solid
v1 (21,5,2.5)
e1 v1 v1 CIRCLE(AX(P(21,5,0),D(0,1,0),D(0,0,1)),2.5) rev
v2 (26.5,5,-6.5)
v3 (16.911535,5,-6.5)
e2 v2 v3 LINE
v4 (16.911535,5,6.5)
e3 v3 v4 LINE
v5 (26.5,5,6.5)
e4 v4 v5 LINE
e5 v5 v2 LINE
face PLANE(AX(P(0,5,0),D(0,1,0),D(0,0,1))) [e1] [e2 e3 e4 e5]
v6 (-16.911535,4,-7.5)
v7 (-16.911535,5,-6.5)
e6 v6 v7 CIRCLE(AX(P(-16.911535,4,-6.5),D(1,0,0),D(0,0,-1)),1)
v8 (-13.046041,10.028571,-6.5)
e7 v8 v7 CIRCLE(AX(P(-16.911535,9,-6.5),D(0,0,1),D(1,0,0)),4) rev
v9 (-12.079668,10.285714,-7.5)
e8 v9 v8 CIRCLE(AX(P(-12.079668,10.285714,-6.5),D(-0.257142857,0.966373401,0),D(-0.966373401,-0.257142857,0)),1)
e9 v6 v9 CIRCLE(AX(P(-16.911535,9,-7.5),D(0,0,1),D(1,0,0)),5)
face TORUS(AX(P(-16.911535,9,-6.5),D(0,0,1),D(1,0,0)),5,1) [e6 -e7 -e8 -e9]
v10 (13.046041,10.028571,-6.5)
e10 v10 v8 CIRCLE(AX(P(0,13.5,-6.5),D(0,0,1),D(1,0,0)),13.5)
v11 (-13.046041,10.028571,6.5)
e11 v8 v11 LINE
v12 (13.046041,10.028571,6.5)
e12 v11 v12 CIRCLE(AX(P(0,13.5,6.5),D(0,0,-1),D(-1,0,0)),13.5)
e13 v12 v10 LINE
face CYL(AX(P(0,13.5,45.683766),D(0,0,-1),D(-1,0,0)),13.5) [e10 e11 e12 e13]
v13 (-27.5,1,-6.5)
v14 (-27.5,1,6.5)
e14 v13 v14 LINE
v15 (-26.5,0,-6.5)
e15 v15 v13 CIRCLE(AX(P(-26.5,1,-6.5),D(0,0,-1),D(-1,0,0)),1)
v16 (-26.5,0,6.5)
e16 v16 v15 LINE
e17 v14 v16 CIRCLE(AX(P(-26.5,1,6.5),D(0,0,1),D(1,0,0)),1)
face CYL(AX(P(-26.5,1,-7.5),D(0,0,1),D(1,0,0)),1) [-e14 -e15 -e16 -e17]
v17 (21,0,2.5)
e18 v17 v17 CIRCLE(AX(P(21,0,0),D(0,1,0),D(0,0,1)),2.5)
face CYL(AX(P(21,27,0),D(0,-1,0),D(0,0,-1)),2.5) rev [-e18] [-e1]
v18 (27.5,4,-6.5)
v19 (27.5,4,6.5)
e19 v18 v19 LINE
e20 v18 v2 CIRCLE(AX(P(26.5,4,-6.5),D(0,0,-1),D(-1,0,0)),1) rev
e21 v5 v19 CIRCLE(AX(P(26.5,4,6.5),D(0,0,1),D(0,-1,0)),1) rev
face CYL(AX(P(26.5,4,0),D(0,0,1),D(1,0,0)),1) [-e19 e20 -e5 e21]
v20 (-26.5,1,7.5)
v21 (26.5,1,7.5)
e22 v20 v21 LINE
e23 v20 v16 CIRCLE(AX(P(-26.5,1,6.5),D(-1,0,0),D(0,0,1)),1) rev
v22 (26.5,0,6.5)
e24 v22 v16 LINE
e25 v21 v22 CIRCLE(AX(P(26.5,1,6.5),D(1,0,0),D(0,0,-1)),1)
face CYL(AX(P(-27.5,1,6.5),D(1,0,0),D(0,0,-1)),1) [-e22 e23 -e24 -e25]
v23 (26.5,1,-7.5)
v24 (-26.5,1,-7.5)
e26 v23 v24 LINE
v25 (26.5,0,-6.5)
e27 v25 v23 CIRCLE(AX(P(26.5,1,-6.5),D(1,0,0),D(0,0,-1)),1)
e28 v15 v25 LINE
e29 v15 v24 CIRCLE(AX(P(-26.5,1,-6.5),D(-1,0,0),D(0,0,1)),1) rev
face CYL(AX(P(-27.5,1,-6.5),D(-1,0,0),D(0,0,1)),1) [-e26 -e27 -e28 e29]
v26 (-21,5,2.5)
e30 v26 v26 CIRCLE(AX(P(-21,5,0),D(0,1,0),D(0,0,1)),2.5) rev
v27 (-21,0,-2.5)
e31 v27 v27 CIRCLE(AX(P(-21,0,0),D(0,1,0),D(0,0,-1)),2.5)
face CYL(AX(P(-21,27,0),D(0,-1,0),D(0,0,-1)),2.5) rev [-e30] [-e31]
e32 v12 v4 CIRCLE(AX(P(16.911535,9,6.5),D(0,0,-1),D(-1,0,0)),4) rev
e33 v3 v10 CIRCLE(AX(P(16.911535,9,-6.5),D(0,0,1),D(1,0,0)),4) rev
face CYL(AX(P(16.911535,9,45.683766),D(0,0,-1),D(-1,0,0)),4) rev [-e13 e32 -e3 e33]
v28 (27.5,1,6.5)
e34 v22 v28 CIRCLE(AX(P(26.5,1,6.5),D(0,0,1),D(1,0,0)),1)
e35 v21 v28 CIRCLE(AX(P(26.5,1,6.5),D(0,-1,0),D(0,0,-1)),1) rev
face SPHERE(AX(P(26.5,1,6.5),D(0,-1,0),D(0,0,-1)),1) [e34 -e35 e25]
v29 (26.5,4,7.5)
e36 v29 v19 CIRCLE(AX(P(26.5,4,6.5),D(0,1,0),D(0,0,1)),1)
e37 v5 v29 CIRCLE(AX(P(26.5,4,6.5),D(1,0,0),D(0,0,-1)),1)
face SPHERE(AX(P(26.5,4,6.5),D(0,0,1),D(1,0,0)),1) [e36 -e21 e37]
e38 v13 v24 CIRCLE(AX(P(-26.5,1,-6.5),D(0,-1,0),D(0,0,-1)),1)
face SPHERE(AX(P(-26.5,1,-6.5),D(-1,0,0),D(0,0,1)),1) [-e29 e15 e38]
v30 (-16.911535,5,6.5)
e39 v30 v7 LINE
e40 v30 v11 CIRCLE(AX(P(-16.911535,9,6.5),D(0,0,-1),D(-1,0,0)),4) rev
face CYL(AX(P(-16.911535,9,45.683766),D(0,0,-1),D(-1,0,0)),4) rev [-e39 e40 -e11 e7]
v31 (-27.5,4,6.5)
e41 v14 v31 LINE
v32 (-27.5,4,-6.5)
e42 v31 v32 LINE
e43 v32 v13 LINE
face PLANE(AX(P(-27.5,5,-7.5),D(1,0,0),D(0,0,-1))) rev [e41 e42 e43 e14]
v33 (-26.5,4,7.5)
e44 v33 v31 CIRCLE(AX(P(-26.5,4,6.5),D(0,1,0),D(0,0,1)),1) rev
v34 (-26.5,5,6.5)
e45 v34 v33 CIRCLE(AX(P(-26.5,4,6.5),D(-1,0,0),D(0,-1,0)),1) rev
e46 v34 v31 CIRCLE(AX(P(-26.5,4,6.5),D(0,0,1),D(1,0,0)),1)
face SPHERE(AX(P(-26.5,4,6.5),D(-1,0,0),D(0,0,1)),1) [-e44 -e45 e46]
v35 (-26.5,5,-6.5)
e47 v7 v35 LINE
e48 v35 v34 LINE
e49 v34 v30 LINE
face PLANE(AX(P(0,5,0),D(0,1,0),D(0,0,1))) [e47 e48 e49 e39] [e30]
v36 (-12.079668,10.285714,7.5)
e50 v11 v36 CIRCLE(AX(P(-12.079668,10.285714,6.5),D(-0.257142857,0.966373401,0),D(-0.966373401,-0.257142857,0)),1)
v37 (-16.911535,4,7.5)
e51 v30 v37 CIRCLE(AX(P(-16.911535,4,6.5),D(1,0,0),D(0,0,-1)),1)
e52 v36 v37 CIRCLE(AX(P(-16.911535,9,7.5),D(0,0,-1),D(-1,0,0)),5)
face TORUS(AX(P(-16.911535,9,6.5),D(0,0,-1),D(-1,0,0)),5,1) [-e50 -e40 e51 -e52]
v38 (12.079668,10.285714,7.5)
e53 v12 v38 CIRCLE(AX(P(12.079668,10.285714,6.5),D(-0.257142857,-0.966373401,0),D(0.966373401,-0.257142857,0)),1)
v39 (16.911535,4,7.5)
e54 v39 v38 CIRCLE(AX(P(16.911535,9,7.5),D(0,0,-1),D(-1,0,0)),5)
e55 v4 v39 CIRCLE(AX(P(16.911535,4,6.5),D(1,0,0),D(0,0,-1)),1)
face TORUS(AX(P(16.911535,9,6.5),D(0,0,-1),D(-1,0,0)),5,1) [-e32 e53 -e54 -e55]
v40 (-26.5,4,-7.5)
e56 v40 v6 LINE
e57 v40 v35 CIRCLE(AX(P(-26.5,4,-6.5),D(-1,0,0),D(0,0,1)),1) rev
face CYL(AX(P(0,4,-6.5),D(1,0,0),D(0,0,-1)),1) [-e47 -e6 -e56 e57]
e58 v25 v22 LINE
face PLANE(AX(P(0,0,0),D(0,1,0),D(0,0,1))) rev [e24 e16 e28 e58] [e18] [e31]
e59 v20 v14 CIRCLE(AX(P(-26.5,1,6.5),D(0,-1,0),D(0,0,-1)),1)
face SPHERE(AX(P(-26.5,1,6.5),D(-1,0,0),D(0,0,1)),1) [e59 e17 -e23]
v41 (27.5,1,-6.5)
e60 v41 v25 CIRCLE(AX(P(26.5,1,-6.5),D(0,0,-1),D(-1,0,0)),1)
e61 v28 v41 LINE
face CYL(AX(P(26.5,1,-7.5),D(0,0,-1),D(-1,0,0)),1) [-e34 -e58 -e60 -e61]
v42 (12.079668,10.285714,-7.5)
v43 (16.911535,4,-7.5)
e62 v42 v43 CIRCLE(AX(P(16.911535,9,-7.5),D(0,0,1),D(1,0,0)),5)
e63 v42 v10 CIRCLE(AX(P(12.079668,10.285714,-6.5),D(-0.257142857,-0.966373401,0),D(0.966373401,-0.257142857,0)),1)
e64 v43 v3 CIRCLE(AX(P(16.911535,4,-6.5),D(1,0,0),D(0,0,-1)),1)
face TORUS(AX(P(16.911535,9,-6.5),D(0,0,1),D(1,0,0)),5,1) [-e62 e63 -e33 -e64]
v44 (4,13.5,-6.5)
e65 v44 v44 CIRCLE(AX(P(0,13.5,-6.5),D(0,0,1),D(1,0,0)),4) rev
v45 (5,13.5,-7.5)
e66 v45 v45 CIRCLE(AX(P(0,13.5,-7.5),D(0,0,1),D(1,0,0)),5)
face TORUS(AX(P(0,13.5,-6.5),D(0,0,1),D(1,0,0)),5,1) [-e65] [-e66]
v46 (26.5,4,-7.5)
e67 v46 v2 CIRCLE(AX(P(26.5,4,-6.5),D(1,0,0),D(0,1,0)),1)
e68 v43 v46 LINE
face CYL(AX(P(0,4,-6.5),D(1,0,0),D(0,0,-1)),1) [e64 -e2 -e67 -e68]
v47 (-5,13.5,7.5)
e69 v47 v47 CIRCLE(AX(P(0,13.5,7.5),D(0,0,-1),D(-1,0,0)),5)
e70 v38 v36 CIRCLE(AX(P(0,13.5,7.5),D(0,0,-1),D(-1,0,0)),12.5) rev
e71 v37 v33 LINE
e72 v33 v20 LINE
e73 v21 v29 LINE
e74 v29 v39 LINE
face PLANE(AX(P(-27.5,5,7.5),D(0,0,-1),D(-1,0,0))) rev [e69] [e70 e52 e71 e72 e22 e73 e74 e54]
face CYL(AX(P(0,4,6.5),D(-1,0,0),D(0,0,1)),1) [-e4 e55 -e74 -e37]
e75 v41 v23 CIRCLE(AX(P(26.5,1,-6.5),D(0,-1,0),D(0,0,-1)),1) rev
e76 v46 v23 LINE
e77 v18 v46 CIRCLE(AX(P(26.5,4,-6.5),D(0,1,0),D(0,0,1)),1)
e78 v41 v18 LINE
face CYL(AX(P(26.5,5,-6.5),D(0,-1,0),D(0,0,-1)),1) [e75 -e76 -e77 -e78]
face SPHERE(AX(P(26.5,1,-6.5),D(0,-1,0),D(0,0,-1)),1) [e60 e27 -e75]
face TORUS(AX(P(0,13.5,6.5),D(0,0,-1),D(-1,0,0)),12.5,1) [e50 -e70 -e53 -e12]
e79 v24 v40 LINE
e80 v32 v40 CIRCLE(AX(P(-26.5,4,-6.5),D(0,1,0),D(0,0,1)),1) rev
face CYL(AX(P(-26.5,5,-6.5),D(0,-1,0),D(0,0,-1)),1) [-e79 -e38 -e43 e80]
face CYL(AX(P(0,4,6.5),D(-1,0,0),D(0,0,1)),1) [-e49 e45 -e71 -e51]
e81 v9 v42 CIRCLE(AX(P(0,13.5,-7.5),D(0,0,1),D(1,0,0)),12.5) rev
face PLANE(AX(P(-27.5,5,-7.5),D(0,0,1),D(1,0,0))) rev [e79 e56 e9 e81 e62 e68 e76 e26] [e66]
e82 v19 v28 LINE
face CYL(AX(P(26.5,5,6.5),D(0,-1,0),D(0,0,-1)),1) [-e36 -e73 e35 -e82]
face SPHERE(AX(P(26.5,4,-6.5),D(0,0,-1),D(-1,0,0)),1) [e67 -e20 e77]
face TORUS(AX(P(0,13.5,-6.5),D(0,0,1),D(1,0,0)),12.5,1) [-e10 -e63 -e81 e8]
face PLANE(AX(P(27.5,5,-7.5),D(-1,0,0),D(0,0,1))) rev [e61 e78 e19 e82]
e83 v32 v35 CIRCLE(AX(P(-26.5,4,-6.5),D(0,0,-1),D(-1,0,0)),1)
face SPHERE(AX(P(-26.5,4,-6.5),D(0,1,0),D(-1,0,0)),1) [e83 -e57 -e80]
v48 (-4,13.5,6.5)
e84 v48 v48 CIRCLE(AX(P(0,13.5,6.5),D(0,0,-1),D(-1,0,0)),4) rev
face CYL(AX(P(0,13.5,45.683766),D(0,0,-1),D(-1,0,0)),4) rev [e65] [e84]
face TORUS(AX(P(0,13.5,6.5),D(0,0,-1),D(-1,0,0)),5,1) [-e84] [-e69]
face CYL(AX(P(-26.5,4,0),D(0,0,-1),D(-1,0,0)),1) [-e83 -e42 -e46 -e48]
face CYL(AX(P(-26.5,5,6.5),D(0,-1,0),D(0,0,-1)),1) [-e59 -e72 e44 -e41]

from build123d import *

# Parameters (mm, degrees)
SCHIZZO1_W                               = 55
SCHIZZO1_H                               = 15
ESTRUSIONE_ESTRUSIONE1_DEPTH             = 5
ESTRUSIONE_ESTRUSIONE2_REACH             = 9.5
SCHIZZO2_R                               = 13.5
SCHIZZO2_R_2                             = 4
ESTRUSIONE_ESTRUSIONE2_DIRECTION_2_REACH = 9.5
RACCORDO1_R                              = 4
RACCORDO2_R                              = 1
SCHIZZO3_R                               = 2.5
TAGLIO_ESTRUSIONE1_DEPTH                 = 28


with BuildPart() as part:
    # Schizzo1 → Estrusione-Estrusione1 (new body)
    with BuildSketch(Plane(origin=(0, 0, 0), x_dir=(1, 0, 0), z_dir=(0, 1, 0))):
        Rectangle(SCHIZZO1_W, SCHIZZO1_H)
    extrude(amount=ESTRUSIONE_ESTRUSIONE1_DEPTH)

    # Estrusione-Estrusione2: up to this face of the body (flat: up to its plane)
    estrusione_estrusione2_end = Plane(part.part.faces().sort_by_distance((0, 2.5, 7.5))[0])
    # Schizzo2 → Estrusione-Estrusione2 (add, up to the picked face)
    with BuildSketch(Plane.XY, mode=Mode.PRIVATE) as estrusione_estrusione2_sk1:
        with Locations((0, 13.5)):
            Circle(SCHIZZO2_R)
        with Locations((0, 13.5)):
            Circle(SCHIZZO2_R_2, mode=Mode.SUBTRACT)
    estrusione_estrusione2_tool1 = split(extrude(estrusione_estrusione2_sk1.sketch, amount=ESTRUSIONE_ESTRUSIONE2_REACH, mode=Mode.PRIVATE), bisect_by=estrusione_estrusione2_end, keep=Keep.BOTH, mode=Mode.PRIVATE)
    add(estrusione_estrusione2_tool1.solids().sort_by_distance((-13.118162, 13.5, 0))[0])

    # Estrusione-Estrusione2 direction 2: up to this face of the body (flat: up to its plane)
    estrusione_estrusione2_direction_2_end = Plane(part.part.faces().sort_by_distance((0, 2.5, -7.5))[0])
    # Schizzo2 → Estrusione-Estrusione2 direction 2 (add, up to the picked face)
    with BuildSketch(Plane.XY, mode=Mode.PRIVATE) as estrusione_estrusione2_direction_2_sk1:
        with Locations((0, 13.5)):
            Circle(SCHIZZO2_R)
        with Locations((0, 13.5)):
            Circle(SCHIZZO2_R_2, mode=Mode.SUBTRACT)
    estrusione_estrusione2_direction_2_tool1 = split(extrude(estrusione_estrusione2_direction_2_sk1.sketch, amount=-ESTRUSIONE_ESTRUSIONE2_DIRECTION_2_REACH, mode=Mode.PRIVATE), bisect_by=estrusione_estrusione2_direction_2_end, keep=Keep.BOTH, mode=Mode.PRIVATE)
    add(estrusione_estrusione2_direction_2_tool1.solids().sort_by_distance((-13.118162, 13.5, 0))[0])

    # Raccordo1
    raccordo1_edges = [part.edges().sort_by_distance(p)[0] for p in [
        (10.488088482, 5, 0),
        (-10.488088482, 5, 0),
    ]]
    fillet(raccordo1_edges, radius=RACCORDO1_R)

    # Raccordo2
    raccordo2_edges = [part.edges().sort_by_distance(p)[0] for p in [
        (-27.5, 5, 0),
        (-22.205767263, 5, 7.5),
        (-4, 13.5, -7.5),
        (-4, 13.5, 7.5),
        (22.205767263, 5, 7.5),
        (0, 27, -7.5),
        (0, 27, 7.5),
        (-22.205767263, 5, -7.5),
        (13.740234657, 6.562202399, 7.5),
        (13.740234657, 6.562202399, -7.5),
        (-13.740234657, 6.562202399, -7.5),
        (-13.740234657, 6.562202399, 7.5),
        (27.5, 5, 0),
        (0, 0, 7.5),
        (-27.5, 0, 0),
        (0, 0, -7.5),
        (27.5, 0, 0),
        (27.5, 2.5, 7.5),
        (-27.5, 2.5, 7.5),
        (-27.5, 2.5, -7.5),
        (27.5, 2.5, -7.5),
        (22.205767263, 5, -7.5),
    ]]
    fillet(raccordo2_edges, radius=RACCORDO2_R)

    # Schizzo3 → Taglio-Estrusione1 (cut, through all)
    with BuildSketch(Plane(origin=(0, 0, 0), x_dir=(1, 0, 0), z_dir=(0, 1, 0))):
        with Locations((21, 0)):
            Circle(SCHIZZO3_R)
        with Locations((-21, 0)):
            Circle(SCHIZZO3_R)
    extrude(amount=TAGLIO_ESTRUSIONE1_DEPTH, mode=Mode.SUBTRACT)


solid = part.part
